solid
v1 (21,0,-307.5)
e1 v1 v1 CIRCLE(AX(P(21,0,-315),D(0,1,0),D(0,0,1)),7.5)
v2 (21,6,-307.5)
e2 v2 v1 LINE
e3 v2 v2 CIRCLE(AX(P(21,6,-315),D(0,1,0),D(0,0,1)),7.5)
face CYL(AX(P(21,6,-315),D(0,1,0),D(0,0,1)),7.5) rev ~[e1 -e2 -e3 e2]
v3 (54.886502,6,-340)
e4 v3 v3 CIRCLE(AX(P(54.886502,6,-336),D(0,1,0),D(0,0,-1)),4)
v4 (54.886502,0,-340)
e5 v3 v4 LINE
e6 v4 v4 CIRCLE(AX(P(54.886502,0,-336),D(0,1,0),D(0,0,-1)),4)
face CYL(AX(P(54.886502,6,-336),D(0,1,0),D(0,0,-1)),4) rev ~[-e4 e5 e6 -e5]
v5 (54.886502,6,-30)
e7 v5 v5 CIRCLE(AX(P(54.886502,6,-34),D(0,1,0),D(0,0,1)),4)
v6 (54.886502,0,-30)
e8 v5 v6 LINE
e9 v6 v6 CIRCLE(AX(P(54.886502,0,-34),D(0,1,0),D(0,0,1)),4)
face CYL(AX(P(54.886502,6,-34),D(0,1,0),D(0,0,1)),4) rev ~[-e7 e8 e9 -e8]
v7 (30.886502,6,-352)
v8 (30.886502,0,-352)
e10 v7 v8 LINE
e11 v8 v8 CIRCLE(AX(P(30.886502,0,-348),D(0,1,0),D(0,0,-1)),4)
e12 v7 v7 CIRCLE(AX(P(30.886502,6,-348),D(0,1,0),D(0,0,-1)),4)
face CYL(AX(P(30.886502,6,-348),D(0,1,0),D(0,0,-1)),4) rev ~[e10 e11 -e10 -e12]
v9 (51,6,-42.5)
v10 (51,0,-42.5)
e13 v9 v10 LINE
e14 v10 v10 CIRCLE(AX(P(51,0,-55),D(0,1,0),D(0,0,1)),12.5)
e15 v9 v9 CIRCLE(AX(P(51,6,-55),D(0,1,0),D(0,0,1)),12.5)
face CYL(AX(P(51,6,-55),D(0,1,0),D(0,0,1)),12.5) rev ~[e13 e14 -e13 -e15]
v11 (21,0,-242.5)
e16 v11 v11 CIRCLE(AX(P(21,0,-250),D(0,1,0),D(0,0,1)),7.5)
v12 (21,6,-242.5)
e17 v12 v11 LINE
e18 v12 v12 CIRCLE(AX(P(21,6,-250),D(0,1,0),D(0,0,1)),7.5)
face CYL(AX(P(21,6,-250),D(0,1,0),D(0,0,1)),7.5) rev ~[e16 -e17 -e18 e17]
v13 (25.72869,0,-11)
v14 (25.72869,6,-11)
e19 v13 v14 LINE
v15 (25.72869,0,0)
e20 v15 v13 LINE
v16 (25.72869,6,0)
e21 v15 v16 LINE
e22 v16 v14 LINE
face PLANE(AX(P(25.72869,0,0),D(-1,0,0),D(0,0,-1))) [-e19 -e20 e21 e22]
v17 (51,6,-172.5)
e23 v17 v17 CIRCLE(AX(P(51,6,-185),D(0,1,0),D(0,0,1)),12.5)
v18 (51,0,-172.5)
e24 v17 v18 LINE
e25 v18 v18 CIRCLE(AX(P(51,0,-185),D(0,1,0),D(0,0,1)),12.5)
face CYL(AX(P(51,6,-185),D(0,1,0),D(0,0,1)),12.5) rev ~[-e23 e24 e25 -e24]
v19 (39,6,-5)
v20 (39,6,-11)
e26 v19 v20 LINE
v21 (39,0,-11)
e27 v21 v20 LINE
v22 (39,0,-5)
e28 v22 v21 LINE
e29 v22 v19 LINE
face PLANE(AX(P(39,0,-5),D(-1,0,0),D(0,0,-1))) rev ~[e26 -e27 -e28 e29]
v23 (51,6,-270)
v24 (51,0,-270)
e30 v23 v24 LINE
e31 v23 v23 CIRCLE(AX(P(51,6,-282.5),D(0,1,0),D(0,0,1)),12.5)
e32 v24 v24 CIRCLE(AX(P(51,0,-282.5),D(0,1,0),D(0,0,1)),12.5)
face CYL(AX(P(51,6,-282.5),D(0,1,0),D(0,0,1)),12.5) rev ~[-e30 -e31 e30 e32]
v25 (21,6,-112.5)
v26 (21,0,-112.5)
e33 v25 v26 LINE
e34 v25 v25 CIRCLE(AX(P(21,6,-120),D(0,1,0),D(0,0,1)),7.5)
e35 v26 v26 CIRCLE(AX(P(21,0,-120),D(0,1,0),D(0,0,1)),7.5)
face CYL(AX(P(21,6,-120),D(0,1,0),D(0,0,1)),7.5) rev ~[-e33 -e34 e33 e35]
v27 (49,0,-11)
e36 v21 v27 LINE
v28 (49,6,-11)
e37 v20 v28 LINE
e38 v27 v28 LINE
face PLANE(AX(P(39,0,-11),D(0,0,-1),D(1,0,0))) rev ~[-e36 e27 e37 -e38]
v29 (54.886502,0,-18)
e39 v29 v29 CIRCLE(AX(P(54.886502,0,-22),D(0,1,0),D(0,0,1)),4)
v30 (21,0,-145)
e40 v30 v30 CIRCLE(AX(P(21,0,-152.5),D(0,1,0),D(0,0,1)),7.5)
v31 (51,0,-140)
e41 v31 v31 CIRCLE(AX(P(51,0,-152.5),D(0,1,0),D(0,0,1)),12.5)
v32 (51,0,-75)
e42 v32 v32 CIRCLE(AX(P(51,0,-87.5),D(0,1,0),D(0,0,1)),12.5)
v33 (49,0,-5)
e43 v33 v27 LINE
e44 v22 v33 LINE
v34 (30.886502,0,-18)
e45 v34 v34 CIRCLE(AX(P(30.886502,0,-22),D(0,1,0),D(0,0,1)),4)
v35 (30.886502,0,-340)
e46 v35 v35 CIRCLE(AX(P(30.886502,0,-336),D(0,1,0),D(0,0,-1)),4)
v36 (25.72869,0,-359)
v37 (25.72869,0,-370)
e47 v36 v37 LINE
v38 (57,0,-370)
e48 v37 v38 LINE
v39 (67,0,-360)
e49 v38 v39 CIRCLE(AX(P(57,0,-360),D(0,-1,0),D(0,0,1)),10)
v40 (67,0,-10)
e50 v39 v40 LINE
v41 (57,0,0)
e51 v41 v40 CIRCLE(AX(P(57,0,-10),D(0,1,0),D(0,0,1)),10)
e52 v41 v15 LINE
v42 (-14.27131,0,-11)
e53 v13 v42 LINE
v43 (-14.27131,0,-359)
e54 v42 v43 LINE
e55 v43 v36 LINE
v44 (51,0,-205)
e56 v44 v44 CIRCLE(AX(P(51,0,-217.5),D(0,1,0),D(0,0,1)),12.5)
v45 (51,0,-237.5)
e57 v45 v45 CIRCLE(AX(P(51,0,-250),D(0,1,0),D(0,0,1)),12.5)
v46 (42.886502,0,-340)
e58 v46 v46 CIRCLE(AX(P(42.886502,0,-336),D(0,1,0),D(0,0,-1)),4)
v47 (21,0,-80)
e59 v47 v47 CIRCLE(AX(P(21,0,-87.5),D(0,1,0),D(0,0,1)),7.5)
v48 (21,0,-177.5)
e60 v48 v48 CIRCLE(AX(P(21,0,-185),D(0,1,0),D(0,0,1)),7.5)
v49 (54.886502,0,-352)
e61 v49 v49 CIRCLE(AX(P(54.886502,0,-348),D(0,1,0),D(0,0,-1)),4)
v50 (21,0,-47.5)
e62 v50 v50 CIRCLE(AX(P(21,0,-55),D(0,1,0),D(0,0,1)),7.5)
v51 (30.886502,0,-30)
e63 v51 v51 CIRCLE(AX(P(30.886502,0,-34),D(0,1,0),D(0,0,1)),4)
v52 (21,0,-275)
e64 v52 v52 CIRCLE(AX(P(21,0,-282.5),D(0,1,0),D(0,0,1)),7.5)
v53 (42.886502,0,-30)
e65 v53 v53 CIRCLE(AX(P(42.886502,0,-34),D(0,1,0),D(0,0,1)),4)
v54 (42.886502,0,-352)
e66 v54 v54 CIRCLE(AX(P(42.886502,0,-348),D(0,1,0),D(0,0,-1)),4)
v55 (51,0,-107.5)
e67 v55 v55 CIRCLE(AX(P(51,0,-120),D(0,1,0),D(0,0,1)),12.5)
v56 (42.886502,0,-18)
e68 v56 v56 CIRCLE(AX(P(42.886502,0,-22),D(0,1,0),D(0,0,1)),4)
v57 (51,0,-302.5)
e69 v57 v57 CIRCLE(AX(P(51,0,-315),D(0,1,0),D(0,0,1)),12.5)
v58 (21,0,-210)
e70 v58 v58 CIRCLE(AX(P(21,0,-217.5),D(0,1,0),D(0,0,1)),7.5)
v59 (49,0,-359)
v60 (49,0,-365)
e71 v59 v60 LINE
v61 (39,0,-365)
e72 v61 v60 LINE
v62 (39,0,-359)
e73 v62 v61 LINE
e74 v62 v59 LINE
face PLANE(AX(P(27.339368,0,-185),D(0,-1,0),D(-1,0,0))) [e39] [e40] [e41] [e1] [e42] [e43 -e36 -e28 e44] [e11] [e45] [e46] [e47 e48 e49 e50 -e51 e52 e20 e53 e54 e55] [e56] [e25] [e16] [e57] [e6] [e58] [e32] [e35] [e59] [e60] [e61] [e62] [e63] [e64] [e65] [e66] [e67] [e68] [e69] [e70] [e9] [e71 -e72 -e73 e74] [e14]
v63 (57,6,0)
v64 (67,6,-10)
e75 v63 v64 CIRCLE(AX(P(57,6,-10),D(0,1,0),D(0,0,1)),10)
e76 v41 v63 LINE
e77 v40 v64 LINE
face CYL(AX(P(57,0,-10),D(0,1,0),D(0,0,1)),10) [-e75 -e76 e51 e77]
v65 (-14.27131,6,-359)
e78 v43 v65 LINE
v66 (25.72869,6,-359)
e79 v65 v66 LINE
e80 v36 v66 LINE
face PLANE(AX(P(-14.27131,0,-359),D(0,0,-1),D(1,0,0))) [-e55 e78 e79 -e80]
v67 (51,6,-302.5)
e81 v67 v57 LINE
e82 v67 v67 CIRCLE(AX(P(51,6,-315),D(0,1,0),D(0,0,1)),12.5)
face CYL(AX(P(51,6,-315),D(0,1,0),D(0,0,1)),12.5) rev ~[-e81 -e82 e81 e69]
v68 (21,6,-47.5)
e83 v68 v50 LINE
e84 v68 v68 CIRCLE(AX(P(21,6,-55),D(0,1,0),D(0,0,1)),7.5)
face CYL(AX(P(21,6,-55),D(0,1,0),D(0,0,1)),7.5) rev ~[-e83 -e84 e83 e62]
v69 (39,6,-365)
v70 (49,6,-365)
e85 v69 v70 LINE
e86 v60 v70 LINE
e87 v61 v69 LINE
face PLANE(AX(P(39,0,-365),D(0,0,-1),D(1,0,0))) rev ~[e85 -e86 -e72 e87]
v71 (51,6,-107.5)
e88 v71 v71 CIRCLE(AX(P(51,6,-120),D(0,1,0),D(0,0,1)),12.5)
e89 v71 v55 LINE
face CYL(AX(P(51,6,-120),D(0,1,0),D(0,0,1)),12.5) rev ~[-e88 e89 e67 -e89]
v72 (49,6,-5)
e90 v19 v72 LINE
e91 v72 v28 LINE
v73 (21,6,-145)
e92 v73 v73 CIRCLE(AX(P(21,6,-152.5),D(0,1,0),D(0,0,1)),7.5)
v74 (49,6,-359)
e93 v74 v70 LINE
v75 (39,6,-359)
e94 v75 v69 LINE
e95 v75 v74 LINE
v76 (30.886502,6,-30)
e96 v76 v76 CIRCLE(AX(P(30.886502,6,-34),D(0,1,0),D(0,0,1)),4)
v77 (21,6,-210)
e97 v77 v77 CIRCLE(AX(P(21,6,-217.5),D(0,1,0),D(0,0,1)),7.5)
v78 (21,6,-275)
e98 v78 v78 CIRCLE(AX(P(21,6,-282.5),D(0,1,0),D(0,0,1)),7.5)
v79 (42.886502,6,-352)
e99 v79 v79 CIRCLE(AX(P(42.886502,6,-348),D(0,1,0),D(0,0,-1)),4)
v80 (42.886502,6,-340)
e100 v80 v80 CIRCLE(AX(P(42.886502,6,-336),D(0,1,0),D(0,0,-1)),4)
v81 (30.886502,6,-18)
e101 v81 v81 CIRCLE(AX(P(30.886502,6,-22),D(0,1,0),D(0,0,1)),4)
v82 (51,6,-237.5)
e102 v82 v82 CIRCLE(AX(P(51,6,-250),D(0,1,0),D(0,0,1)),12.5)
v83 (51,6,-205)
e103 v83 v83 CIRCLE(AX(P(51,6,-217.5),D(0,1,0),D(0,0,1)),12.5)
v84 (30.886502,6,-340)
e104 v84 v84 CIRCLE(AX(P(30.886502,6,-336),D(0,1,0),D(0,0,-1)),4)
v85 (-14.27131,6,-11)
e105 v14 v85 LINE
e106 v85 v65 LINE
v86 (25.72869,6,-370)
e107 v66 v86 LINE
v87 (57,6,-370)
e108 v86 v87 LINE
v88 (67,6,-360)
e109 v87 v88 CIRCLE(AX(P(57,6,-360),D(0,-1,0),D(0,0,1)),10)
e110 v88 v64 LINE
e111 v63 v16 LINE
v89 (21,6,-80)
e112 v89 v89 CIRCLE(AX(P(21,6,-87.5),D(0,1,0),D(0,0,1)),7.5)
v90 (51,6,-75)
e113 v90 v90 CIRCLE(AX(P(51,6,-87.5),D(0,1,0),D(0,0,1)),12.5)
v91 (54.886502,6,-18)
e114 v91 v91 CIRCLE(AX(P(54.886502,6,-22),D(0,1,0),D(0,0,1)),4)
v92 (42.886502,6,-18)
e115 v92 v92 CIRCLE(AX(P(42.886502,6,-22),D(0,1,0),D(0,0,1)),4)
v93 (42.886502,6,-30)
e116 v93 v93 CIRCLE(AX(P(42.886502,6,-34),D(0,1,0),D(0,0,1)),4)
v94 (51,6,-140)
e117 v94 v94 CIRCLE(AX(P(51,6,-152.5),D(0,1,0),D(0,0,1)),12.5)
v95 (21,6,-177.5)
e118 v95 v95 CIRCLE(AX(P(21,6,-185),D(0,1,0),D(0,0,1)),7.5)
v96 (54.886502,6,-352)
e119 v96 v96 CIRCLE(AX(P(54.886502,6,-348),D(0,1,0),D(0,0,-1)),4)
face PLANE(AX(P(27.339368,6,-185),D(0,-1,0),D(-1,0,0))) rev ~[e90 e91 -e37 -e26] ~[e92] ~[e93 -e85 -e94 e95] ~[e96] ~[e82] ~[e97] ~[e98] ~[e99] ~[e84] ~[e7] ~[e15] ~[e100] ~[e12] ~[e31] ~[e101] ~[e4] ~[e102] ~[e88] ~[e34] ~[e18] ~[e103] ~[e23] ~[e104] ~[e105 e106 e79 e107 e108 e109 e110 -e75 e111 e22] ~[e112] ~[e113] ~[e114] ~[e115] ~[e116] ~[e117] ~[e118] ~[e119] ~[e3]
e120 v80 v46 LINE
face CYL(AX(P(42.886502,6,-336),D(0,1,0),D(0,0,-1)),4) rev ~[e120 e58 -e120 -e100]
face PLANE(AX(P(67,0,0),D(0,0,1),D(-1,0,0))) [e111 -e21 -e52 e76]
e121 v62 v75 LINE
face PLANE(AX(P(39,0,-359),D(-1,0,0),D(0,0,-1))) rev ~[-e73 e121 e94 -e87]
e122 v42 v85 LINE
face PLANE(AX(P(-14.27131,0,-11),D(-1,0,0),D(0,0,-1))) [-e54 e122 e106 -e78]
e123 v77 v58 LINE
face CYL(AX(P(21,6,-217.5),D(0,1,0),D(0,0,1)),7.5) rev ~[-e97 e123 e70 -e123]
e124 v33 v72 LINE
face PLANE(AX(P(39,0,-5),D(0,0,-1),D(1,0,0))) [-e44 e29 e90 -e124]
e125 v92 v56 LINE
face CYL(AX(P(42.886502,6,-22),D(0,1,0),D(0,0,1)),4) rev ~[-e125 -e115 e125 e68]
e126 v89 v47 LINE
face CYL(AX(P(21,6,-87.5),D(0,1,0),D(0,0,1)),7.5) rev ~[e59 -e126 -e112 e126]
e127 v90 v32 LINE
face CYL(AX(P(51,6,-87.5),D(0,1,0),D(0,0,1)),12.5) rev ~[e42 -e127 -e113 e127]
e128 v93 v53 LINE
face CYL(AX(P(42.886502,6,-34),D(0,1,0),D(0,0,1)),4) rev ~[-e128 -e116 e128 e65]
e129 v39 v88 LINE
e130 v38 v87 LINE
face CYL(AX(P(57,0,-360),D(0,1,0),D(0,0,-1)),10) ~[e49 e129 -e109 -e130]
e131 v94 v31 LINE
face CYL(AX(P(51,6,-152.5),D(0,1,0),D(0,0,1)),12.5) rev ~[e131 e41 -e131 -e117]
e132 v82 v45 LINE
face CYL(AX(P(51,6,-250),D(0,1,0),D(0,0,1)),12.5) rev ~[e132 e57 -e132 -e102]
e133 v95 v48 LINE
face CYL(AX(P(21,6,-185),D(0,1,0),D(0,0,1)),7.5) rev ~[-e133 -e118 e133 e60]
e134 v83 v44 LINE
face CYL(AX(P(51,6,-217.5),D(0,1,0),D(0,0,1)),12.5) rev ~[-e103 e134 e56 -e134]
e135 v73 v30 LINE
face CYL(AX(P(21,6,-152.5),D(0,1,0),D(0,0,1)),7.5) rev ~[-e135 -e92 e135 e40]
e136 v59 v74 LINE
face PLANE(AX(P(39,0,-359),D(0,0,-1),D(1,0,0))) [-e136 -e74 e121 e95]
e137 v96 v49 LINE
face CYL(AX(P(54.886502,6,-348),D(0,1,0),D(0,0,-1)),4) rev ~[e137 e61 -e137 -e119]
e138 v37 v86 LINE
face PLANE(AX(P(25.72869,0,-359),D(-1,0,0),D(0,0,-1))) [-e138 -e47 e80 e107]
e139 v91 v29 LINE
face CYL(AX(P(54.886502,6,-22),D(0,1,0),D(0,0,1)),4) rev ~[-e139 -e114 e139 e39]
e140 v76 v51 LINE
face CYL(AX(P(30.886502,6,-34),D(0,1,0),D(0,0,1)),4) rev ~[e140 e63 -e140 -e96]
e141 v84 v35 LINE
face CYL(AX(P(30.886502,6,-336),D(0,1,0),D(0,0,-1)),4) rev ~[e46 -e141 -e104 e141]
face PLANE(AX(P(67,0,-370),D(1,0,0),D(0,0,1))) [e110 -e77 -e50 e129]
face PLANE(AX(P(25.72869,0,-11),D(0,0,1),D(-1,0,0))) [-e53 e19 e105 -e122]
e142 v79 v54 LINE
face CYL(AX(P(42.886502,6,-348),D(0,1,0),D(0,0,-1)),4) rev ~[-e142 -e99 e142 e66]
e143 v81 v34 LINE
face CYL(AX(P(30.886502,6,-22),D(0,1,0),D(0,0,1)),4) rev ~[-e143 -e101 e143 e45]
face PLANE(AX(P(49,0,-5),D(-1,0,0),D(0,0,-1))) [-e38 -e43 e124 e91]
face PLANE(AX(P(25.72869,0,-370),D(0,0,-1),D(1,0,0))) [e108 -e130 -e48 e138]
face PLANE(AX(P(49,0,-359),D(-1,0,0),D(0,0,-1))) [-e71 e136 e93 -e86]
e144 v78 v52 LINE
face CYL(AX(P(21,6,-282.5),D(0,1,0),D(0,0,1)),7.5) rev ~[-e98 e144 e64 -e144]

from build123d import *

# Parameters (mm, degrees)
ESQUISSE1_W             = 10
ESQUISSE1_H             = 6
BOSS_EXTRU_1_DEPTH      = 6
ESQUISSE2_R             = 12.5
ESQUISSE2_R_2           = 7.5
ENL_V_MAT_EXTRU_1_DEPTH = 6
ESQUISSE4_R             = 4
ENL_V_MAT_EXTRU_2_DEPTH = 6
CONG_1_R                = 10


with BuildPart() as part:
    # Esquisse1 → Boss.-Extru.1 (new body)
    with BuildSketch(Plane(origin=(0, 0, 0), x_dir=(1, 0, 0), z_dir=(0, 1, 0))):
        Polygon((-14.271309642, 359), (-14.271309642, 11), (25.728690358, 11), (25.728690358, 0), (67, 0), (67, 370), (25.728690358, 370), (25.728690358, 359), align=None)
        with Locations((44, 8)):
            Rectangle(ESQUISSE1_W, ESQUISSE1_H, mode=Mode.SUBTRACT)
        with Locations((44, 362)):
            Rectangle(ESQUISSE1_W, ESQUISSE1_H, mode=Mode.SUBTRACT)
    extrude(amount=BOSS_EXTRU_1_DEPTH)

    # Esquisse2 → Enlèv. mat.-Extru.1 (cut)
    with BuildSketch(Plane(origin=(0, 6, 0), x_dir=(1, 0, 0), z_dir=(0, 1, 0))):
        with Locations((51, 315)):
            Circle(ESQUISSE2_R)
        with Locations((51, 282.5)):
            Circle(ESQUISSE2_R)
        with Locations((51, 250)):
            Circle(ESQUISSE2_R)
        with Locations((51, 217.5)):
            Circle(ESQUISSE2_R)
        with Locations((51, 185)):
            Circle(ESQUISSE2_R)
        with Locations((51, 152.5)):
            Circle(ESQUISSE2_R)
        with Locations((51, 120)):
            Circle(ESQUISSE2_R)
        with Locations((51, 87.5)):
            Circle(ESQUISSE2_R)
        with Locations((51, 55)):
            Circle(ESQUISSE2_R)
        with Locations((21, 315)):
            Circle(ESQUISSE2_R_2)
        with Locations((21, 282.5)):
            Circle(ESQUISSE2_R_2)
        with Locations((21, 250)):
            Circle(ESQUISSE2_R_2)
        with Locations((21, 217.5)):
            Circle(ESQUISSE2_R_2)
        with Locations((21, 185)):
            Circle(ESQUISSE2_R_2)
        with Locations((21, 152.5)):
            Circle(ESQUISSE2_R_2)
        with Locations((21, 120)):
            Circle(ESQUISSE2_R_2)
        with Locations((21, 87.5)):
            Circle(ESQUISSE2_R_2)
        with Locations((21, 55)):
            Circle(ESQUISSE2_R_2)
    extrude(amount=-ENL_V_MAT_EXTRU_1_DEPTH, mode=Mode.SUBTRACT)

    # Esquisse4 → Enlèv. mat.-Extru.2 (cut)
    with BuildSketch(Plane(origin=(0, 6, 0), x_dir=(1, 0, 0), z_dir=(0, 1, 0))):
        with Locations((54.886501567, 22)):
            Circle(ESQUISSE4_R)
        with Locations((42.886501567, 22)):
            Circle(ESQUISSE4_R)
        with Locations((30.886501567, 22)):
            Circle(ESQUISSE4_R)
        with Locations((42.886501567, 34)):
            Circle(ESQUISSE4_R)
        with Locations((30.886501567, 34)):
            Circle(ESQUISSE4_R)
        with Locations((54.886501567, 34)):
            Circle(ESQUISSE4_R)
        with Locations((54.886501567, 336)):
            Circle(ESQUISSE4_R)
        with Locations((30.886501567, 336)):
            Circle(ESQUISSE4_R)
        with Locations((42.886501567, 336)):
            Circle(ESQUISSE4_R)
        with Locations((30.886501567, 348)):
            Circle(ESQUISSE4_R)
        with Locations((42.886501567, 348)):
            Circle(ESQUISSE4_R)
        with Locations((54.886501567, 348)):
            Circle(ESQUISSE4_R)
    extrude(amount=-ENL_V_MAT_EXTRU_2_DEPTH, mode=Mode.SUBTRACT)

    # Congé1
    cong_1_edges = [part.edges().sort_by_distance(p)[0] for p in [
        (67, 3, -370),
        (67, 3, 0),
    ]]
    fillet(cong_1_edges, radius=CONG_1_R)


solid = part.part
